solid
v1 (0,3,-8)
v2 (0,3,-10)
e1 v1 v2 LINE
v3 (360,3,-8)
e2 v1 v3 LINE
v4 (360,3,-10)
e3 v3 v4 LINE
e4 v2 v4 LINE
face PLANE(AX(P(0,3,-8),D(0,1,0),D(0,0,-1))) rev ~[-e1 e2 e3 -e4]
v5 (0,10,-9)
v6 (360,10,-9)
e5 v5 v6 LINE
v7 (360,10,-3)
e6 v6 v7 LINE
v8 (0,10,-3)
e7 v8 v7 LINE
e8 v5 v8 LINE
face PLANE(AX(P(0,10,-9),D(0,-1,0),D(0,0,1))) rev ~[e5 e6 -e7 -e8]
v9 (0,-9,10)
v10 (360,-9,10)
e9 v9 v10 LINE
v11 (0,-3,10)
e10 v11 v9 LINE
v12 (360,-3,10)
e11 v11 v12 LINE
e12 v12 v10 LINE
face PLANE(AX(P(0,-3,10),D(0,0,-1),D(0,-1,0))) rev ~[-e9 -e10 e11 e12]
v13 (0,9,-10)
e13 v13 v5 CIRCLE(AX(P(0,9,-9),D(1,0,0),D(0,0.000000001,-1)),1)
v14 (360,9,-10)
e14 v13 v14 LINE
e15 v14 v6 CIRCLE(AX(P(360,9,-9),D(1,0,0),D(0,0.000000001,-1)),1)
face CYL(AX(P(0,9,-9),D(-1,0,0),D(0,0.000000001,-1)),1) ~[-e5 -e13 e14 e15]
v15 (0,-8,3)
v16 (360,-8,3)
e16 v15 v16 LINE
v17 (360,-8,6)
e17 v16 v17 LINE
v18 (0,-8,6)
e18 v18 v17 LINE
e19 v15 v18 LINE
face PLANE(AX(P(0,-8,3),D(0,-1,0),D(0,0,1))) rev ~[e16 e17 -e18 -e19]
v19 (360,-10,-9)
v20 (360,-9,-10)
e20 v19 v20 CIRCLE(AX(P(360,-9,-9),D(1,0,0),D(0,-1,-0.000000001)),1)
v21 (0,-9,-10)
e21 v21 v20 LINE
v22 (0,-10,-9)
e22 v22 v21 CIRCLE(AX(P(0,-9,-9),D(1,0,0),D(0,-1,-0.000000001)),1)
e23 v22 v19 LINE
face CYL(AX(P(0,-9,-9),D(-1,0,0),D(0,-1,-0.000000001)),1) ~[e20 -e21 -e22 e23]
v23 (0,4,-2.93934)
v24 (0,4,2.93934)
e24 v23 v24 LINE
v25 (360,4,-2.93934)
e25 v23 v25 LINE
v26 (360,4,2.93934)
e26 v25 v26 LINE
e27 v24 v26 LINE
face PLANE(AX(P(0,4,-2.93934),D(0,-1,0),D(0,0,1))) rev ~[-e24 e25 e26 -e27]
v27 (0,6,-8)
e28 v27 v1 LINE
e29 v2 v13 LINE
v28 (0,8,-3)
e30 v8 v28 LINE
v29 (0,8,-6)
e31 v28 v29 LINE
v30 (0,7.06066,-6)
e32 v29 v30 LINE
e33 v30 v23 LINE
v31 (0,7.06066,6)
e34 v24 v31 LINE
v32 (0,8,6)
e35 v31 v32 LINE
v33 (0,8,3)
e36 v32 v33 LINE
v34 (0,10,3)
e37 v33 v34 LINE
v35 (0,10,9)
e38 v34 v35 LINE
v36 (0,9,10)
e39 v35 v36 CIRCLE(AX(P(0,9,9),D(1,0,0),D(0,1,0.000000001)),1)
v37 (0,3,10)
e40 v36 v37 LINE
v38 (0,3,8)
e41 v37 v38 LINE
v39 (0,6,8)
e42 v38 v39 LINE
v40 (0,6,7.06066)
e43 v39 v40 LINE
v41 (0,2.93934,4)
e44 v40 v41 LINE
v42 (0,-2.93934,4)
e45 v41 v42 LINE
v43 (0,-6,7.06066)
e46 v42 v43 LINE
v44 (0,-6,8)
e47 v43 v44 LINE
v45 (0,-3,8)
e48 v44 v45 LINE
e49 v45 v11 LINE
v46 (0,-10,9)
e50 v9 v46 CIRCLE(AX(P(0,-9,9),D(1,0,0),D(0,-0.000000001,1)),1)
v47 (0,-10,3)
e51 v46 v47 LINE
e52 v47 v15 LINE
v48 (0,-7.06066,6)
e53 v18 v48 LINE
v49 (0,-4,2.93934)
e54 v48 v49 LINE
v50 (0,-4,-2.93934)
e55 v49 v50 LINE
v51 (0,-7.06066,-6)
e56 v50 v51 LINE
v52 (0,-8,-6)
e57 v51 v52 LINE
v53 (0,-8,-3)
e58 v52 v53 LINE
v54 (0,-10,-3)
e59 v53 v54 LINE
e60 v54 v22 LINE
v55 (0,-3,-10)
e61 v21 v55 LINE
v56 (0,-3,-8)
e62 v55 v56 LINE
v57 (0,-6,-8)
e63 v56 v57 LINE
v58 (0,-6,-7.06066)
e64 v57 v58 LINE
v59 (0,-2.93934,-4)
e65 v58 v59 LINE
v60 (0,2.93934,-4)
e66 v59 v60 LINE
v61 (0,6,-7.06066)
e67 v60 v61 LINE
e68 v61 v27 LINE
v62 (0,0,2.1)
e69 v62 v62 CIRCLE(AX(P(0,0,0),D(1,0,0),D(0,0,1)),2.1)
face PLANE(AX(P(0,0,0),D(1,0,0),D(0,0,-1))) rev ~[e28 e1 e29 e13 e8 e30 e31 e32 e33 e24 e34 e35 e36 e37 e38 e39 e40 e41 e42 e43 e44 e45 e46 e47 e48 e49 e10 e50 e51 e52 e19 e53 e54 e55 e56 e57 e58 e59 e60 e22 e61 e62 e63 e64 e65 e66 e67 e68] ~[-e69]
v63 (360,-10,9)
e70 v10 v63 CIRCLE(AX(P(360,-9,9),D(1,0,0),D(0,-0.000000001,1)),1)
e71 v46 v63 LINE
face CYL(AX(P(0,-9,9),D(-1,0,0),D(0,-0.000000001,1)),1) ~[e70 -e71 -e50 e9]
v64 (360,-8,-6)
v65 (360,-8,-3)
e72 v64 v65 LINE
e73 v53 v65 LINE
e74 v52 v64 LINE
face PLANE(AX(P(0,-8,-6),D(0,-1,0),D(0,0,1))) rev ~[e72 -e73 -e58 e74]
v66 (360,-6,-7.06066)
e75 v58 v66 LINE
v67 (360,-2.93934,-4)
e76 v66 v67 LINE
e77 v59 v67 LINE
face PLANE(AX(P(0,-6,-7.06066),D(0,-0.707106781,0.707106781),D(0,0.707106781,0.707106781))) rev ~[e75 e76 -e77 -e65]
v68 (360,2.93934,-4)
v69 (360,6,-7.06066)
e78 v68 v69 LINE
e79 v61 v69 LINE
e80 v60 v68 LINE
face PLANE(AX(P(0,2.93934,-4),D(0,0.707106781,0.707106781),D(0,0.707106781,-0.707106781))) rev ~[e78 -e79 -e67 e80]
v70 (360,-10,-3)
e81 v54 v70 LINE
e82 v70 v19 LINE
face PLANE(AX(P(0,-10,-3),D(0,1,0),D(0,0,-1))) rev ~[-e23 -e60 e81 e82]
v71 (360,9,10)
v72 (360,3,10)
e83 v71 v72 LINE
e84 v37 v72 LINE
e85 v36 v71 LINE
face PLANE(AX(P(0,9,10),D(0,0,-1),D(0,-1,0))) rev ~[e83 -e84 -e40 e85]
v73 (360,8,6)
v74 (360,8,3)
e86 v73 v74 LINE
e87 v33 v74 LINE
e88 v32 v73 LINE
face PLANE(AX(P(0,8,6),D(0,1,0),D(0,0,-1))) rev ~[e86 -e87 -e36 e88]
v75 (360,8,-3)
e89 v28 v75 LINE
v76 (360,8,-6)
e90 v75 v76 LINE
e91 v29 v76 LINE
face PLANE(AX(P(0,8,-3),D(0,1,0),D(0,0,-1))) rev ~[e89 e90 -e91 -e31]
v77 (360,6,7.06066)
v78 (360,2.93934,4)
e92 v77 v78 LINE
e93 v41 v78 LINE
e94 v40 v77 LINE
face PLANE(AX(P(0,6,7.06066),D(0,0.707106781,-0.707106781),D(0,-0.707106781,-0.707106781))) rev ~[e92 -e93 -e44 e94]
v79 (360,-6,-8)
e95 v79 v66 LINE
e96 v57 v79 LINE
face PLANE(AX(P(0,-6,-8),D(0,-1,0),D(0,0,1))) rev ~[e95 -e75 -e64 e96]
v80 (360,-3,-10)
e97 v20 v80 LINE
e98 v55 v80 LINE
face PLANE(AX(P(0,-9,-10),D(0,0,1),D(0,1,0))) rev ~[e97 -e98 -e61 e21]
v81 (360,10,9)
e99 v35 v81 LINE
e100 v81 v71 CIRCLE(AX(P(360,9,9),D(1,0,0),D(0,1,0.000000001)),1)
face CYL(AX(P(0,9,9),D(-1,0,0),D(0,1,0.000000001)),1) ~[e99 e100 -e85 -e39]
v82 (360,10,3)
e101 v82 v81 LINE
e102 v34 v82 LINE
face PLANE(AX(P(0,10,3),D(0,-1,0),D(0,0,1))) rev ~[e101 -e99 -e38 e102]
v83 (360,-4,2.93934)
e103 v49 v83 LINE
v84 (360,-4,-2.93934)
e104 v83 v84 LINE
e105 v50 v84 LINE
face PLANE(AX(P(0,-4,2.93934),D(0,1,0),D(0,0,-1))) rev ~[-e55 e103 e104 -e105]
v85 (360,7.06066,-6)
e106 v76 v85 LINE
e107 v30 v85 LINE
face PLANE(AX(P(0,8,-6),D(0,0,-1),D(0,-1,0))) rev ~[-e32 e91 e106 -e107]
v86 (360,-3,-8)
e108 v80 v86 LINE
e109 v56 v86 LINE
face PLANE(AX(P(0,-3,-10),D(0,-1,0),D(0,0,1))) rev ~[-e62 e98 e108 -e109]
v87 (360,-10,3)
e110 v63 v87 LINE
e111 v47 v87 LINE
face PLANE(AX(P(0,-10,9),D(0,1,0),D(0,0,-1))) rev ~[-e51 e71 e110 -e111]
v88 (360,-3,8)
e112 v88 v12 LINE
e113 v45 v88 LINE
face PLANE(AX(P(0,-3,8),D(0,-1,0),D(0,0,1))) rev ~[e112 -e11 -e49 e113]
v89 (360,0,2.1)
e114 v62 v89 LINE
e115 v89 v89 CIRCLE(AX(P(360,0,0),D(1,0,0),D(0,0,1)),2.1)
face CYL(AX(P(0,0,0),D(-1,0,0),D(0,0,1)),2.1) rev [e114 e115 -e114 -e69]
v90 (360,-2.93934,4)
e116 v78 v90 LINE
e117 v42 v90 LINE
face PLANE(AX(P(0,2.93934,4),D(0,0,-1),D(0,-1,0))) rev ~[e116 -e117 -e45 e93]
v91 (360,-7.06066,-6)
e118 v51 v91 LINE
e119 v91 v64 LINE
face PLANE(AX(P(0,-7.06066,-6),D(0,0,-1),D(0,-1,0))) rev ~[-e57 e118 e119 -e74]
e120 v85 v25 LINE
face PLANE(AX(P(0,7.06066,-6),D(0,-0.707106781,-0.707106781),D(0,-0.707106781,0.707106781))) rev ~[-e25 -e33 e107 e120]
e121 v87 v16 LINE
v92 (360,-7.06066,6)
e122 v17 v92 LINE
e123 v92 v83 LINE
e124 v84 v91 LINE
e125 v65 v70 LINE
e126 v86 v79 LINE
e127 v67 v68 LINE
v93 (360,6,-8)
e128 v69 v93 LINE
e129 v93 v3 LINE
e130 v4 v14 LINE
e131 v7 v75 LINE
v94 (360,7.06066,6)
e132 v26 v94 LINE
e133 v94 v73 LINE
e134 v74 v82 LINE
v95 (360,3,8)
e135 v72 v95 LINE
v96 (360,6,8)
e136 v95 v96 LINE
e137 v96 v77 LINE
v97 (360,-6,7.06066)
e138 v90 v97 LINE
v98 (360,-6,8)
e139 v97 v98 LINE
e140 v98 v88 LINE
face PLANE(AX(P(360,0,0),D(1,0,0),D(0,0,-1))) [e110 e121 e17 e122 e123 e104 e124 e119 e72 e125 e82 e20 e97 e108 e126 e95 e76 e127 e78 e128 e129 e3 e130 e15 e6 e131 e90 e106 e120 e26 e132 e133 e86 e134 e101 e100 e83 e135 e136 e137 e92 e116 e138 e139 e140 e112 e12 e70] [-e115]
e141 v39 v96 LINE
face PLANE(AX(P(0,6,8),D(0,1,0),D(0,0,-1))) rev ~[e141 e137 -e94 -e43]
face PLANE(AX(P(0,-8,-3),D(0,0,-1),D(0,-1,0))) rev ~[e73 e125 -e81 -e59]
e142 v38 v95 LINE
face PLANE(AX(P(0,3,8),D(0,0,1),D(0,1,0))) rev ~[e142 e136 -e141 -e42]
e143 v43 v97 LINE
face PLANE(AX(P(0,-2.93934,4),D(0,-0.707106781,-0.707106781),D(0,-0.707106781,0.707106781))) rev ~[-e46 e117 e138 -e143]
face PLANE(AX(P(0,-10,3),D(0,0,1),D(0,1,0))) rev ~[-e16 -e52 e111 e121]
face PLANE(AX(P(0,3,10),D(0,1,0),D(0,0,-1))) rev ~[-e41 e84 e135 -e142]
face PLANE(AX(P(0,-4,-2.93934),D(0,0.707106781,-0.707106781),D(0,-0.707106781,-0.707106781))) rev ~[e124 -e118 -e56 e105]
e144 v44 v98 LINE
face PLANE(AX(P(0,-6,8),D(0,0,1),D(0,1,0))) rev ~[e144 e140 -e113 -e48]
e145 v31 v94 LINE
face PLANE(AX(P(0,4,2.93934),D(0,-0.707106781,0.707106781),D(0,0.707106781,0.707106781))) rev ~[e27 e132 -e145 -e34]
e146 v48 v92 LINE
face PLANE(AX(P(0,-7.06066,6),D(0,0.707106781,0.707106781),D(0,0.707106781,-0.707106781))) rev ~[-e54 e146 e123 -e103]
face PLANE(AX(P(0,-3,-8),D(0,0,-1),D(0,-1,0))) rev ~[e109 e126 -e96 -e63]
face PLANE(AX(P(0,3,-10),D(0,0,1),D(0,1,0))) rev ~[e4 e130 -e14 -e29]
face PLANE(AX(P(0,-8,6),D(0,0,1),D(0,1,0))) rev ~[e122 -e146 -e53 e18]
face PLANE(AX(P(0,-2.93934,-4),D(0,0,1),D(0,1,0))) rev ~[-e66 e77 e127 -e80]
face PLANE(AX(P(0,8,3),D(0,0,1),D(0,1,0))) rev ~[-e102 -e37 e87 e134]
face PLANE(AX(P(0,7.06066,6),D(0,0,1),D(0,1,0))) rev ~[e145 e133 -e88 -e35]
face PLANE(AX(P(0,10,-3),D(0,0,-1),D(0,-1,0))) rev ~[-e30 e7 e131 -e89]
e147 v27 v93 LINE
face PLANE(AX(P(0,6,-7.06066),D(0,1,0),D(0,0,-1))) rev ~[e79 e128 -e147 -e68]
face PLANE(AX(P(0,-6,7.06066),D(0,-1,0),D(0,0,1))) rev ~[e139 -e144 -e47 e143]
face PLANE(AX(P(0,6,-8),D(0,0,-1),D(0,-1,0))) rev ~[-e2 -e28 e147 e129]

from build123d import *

# Parameters (mm, degrees)
SKETCH1_R           = 2.1
BOSS_EXTRUDE1_DEPTH = 360


with BuildPart() as part:
    # Sketch1 → Boss-Extrude1 (new body)
    with BuildSketch(Plane(origin=(0, 0, 0), x_dir=(0, 0, -1), z_dir=(1, 0, 0))):
        with BuildLine():
            Line((-10, 9), (-10, 3))
            Line((-10, 3), (-8, 3))
            Line((-8, 3), (-8, 6))
            Line((-8, 6), (-7.060660172, 6))
            Line((-7.060660172, 6), (-4, 2.939339828))
            Line((-4, 2.939339828), (-4, -2.939339828))
            Line((-4, -2.939339828), (-7.060660172, -6))
            Line((-7.060660172, -6), (-8, -6))
            Line((-8, -6), (-8, -3))
            Line((-8, -3), (-10, -3))
            Line((-10, -3), (-10, -9))
            ThreePointArc((-10, -9), (-9.707106781, -9.707106781), (-9, -10))
            Line((-9, -10), (-3, -10))
            Line((-3, -10), (-3, -8))
            Line((-3, -8), (-6, -8))
            Line((-6, -8), (-6, -7.060660172))
            Line((-6, -7.060660172), (-2.939339828, -4))
            Line((-2.939339828, -4), (2.939339828, -4))
            Line((2.939339828, -4), (6, -7.060660172))
            Line((6, -7.060660172), (6, -8))
            Line((6, -8), (3, -8))
            Line((3, -8), (3, -10))
            Line((3, -10), (9, -10))
            ThreePointArc((9, -10), (9.707106781, -9.707106781), (10, -9))
            Line((10, -9), (10, -3))
            Line((10, -3), (8, -3))
            Line((8, -3), (8, -6))
            Line((8, -6), (7.060660172, -6))
            Line((7.060660172, -6), (4, -2.939339828))
            Line((4, -2.939339828), (4, 2.939339828))
            Line((4, 2.939339828), (7.060660172, 6))
            Line((7.060660172, 6), (8, 6))
            Line((8, 6), (8, 3))
            Line((8, 3), (10, 3))
            Line((10, 3), (10, 9))
            ThreePointArc((10, 9), (9.707106781, 9.707106781), (9, 10))
            Line((9, 10), (3, 10))
            Line((3, 10), (3, 8))
            Line((3, 8), (6, 8))
            Line((6, 8), (6, 7.060660172))
            Line((6, 7.060660172), (2.939339828, 4))
            Line((2.939339828, 4), (-2.939339828, 4))
            Line((-2.939339828, 4), (-6, 7.060660172))
            Line((-6, 7.060660172), (-6, 8))
            Line((-6, 8), (-3, 8))
            Line((-3, 8), (-3, 10))
            Line((-3, 10), (-9, 10))
            ThreePointArc((-9, 10), (-9.707106781, 9.707106781), (-10, 9))
        make_face()
        Circle(SKETCH1_R, mode=Mode.SUBTRACT)
    extrude(amount=BOSS_EXTRUDE1_DEPTH)


solid = part.part
